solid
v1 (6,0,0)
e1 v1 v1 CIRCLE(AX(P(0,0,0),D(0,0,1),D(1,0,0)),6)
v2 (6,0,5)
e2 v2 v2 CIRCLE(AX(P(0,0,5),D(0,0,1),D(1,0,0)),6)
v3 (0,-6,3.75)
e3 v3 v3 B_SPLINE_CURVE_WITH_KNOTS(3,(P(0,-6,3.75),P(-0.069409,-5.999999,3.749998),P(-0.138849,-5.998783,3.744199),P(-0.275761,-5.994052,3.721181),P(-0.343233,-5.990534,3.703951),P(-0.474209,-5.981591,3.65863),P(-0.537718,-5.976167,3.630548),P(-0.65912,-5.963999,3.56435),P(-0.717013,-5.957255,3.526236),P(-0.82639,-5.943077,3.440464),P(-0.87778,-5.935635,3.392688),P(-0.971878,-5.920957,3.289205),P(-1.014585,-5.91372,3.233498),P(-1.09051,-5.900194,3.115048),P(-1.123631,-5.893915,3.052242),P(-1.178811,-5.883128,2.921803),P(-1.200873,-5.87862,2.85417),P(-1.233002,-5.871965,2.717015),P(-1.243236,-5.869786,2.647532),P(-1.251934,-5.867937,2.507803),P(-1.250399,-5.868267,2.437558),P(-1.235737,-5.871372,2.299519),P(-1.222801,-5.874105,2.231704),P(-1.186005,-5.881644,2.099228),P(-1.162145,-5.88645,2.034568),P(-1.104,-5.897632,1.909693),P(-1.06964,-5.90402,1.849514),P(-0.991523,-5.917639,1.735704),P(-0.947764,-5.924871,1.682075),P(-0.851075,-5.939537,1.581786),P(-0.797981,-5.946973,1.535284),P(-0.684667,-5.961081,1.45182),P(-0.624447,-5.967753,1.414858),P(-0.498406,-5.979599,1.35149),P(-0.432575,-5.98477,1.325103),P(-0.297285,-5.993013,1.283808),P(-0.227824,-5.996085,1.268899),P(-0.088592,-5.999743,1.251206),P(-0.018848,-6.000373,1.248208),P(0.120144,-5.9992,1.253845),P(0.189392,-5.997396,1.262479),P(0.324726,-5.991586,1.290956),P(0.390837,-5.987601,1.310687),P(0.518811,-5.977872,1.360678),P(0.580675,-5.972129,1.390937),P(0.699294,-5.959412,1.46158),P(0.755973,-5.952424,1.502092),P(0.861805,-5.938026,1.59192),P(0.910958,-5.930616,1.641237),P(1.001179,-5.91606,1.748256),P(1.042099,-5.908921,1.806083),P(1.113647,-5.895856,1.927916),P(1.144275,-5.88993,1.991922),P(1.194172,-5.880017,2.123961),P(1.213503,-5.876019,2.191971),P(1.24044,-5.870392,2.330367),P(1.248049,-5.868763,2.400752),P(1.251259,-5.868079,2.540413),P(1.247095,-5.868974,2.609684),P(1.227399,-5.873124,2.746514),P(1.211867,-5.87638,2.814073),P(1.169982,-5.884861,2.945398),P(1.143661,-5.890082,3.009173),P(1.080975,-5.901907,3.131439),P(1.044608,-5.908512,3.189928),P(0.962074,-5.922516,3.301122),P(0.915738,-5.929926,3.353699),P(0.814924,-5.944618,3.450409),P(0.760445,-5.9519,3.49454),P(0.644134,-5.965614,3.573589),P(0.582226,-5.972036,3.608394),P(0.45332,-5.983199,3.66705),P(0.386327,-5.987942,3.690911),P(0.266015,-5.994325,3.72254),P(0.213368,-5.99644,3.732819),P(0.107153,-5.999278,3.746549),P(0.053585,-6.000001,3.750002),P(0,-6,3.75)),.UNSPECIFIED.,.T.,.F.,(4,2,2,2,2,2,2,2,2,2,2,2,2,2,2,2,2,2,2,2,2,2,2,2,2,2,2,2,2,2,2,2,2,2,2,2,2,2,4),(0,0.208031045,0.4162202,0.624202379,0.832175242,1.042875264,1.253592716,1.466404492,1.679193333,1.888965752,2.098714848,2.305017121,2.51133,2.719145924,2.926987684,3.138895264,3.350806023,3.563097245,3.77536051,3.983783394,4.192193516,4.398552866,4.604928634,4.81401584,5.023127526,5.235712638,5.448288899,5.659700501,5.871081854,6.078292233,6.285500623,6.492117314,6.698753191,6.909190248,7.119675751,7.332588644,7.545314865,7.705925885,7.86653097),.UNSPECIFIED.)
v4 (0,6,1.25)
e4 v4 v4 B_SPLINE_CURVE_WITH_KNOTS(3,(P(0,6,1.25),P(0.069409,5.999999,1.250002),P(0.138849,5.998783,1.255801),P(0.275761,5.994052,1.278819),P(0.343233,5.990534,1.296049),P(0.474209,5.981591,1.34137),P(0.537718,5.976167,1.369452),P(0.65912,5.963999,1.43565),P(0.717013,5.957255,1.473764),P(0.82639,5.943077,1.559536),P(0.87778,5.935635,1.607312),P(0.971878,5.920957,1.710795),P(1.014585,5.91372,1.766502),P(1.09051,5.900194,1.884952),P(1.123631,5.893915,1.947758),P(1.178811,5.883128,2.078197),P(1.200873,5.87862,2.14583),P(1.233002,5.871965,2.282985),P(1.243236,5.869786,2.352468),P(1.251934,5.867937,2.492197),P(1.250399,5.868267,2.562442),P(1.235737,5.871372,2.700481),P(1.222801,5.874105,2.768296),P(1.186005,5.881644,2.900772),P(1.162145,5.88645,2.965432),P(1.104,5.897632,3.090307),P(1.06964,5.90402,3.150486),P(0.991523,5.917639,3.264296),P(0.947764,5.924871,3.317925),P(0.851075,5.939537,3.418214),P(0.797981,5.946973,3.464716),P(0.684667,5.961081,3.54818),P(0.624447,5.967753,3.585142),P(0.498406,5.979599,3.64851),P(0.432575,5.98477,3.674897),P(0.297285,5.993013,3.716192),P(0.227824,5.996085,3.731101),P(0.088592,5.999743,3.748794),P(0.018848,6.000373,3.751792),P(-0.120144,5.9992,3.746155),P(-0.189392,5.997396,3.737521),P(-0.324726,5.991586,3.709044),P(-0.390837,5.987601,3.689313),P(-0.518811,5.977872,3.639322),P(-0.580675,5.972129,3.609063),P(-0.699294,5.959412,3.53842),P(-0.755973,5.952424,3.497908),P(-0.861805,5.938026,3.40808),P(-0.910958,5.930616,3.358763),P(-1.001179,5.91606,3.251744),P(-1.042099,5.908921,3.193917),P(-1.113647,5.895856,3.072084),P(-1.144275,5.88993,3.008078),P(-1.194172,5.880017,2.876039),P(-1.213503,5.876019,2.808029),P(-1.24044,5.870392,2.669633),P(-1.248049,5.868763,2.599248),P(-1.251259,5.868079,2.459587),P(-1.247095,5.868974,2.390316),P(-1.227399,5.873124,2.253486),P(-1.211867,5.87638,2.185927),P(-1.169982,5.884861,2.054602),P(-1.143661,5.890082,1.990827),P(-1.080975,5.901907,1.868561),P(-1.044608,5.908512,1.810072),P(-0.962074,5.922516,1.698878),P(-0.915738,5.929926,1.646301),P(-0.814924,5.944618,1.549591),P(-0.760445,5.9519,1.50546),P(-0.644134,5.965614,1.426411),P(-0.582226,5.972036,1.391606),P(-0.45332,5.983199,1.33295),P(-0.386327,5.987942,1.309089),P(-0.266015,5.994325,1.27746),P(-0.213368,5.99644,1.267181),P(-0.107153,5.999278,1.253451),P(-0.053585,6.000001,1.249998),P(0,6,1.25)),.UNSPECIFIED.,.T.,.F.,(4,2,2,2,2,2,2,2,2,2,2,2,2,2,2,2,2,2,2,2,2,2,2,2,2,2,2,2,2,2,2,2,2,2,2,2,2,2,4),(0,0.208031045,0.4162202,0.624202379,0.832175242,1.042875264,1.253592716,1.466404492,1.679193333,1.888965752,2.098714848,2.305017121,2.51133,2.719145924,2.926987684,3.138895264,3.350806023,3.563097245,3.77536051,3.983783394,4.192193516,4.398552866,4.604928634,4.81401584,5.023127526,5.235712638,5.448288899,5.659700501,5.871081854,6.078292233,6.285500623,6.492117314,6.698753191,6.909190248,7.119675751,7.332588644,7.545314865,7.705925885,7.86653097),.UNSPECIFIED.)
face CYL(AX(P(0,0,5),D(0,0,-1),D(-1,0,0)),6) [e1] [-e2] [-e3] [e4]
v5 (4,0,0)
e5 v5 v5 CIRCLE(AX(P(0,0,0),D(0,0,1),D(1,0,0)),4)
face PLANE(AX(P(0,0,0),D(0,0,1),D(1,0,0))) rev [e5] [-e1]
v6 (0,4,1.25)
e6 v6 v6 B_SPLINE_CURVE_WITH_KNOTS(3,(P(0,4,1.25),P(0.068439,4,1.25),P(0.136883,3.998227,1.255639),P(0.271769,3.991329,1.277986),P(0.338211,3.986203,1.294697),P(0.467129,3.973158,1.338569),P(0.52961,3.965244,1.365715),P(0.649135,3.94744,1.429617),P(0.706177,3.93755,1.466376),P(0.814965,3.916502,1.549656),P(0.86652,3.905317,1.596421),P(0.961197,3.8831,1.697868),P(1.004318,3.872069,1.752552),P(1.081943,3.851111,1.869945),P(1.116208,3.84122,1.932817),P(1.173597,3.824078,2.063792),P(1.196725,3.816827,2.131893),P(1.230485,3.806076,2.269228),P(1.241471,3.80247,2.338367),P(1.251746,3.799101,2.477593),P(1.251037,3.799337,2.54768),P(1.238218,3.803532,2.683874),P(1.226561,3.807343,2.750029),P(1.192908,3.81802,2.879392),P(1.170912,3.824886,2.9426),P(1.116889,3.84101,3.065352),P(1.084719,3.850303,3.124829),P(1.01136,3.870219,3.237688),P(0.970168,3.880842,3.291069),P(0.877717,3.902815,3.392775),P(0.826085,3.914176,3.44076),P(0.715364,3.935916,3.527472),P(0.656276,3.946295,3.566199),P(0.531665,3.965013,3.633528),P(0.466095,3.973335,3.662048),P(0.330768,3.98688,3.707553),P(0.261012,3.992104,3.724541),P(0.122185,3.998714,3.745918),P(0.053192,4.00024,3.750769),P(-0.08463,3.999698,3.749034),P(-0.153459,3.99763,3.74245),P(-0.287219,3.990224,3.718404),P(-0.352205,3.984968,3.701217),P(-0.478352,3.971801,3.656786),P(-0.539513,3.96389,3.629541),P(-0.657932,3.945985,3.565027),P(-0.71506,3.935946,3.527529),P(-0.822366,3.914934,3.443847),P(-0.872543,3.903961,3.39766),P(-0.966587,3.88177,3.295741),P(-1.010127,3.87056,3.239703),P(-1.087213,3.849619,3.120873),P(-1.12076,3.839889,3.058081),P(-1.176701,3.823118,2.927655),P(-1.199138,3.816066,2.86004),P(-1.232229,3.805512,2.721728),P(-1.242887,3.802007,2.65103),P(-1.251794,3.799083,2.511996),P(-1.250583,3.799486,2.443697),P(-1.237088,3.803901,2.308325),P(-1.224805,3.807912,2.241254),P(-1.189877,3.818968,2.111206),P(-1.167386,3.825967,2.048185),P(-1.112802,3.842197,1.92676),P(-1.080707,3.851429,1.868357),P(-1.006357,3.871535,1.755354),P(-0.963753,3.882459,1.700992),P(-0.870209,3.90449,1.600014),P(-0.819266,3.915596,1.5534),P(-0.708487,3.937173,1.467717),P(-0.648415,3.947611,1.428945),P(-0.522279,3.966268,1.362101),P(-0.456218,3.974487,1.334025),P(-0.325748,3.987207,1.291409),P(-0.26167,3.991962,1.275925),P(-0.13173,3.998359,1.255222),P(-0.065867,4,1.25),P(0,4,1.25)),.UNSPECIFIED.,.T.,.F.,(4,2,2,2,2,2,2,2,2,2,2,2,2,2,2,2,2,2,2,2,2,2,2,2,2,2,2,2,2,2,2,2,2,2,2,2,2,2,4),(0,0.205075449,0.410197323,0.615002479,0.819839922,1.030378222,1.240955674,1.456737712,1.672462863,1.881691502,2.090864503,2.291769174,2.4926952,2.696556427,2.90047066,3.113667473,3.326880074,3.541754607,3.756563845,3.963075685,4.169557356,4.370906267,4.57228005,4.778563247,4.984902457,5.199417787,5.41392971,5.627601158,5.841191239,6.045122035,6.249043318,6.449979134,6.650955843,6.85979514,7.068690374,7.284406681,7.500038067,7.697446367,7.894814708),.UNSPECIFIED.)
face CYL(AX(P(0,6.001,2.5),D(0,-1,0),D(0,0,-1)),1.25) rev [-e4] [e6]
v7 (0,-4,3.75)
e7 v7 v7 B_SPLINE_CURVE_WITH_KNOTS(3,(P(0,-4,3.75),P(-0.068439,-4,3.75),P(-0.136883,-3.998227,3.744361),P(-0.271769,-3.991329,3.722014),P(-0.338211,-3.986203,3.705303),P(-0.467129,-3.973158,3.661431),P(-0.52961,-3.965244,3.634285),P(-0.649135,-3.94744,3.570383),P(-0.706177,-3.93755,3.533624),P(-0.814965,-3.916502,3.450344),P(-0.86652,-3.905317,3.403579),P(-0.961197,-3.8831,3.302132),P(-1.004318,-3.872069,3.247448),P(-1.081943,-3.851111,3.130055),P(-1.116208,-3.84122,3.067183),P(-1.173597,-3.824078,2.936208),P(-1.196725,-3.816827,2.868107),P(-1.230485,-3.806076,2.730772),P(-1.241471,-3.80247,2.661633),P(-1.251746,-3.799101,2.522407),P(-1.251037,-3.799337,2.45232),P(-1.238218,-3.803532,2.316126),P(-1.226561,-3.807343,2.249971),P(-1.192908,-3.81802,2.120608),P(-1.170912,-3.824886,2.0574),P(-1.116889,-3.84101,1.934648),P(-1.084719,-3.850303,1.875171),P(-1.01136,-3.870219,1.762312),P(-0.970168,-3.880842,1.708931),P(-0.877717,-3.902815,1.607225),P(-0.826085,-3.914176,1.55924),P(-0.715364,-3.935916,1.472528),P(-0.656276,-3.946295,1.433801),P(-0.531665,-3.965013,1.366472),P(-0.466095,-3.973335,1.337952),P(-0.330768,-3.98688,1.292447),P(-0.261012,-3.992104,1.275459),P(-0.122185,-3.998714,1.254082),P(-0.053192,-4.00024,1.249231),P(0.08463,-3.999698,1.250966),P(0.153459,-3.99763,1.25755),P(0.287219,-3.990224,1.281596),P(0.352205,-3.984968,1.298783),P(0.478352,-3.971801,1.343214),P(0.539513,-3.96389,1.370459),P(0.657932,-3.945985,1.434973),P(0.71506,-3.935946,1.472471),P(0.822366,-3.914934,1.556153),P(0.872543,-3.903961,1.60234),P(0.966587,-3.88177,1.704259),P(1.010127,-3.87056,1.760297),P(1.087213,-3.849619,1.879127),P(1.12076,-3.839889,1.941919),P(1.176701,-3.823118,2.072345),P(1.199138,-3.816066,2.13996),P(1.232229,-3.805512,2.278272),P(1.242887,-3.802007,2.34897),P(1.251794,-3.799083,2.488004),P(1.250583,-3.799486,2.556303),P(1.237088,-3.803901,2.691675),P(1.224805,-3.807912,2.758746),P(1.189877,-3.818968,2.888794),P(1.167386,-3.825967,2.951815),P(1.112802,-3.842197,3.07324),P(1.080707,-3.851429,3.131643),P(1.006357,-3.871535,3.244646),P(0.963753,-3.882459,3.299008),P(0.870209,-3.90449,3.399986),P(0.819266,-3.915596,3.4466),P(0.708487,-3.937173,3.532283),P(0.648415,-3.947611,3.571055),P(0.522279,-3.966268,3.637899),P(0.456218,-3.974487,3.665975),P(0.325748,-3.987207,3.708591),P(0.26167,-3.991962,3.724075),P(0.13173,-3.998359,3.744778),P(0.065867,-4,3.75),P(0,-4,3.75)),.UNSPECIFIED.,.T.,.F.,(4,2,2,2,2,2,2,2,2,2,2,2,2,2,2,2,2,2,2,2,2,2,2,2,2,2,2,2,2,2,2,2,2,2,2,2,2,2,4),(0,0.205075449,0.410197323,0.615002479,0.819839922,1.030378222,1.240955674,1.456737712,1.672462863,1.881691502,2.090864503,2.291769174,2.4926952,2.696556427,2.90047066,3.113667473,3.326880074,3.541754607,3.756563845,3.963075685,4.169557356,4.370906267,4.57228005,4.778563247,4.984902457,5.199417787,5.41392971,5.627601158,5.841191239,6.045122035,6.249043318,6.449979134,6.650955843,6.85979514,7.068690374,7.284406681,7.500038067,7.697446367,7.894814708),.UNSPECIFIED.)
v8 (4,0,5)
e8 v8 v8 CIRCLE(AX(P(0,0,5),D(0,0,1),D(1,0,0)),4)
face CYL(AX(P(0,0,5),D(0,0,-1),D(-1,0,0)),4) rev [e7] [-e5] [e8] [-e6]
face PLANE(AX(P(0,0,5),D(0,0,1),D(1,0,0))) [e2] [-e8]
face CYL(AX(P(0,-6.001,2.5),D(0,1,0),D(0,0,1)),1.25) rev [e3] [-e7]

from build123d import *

# Parameters (mm, degrees)
SKETCH_1_R                      = 6
SKETCH_1_R_2                    = 4
EXTRUDE_1_DEPTH                 = 5
CUT_EXTRUDE_1_REACH             = 11.849
SKETCH_2_R                      = 1.25
CUT_EXTRUDE_1_DIRECTION_2_REACH = 11.849


with BuildPart() as part:
    # 草图1 → 凸台-拉伸1 (new body)
    with BuildSketch(Plane.XY):
        Circle(SKETCH_1_R)
        Circle(SKETCH_1_R_2, mode=Mode.SUBTRACT)
    extrude(amount=EXTRUDE_1_DEPTH)

    # 草图2 → 切除-拉伸1 (cut, up to next)
    with BuildSketch(Plane(origin=(0, 0, 0), x_dir=(1, 0, 0), z_dir=(0, 1, 0)), mode=Mode.PRIVATE) as cut_extrude_1_sk1:
        with Locations(Location((0, -2.5, 0), (0, 0, 270))):
            Circle(SKETCH_2_R)
    cut_extrude_1_tool1 = extrude(cut_extrude_1_sk1.sketch, amount=-CUT_EXTRUDE_1_REACH, mode=Mode.PRIVATE) & part.part
    add(cut_extrude_1_tool1.solids().sort_by_distance((0, 0, 2.5))[0], mode=Mode.SUBTRACT)

    # 草图2 → 切除-拉伸1 direction 2 (cut, up to next)
    with BuildSketch(Plane(origin=(0, 0, 0), x_dir=(1, 0, 0), z_dir=(0, 1, 0)), mode=Mode.PRIVATE) as cut_extrude_1_direction_2_sk1:
        with Locations(Location((0, -2.5, 0), (0, 0, 270))):
            Circle(SKETCH_2_R)
    cut_extrude_1_direction_2_tool1 = extrude(cut_extrude_1_direction_2_sk1.sketch, amount=CUT_EXTRUDE_1_DIRECTION_2_REACH, mode=Mode.PRIVATE) & part.part
    add(cut_extrude_1_direction_2_tool1.solids().sort_by_distance((0, 0, 2.5))[0], mode=Mode.SUBTRACT)


solid = part.part
